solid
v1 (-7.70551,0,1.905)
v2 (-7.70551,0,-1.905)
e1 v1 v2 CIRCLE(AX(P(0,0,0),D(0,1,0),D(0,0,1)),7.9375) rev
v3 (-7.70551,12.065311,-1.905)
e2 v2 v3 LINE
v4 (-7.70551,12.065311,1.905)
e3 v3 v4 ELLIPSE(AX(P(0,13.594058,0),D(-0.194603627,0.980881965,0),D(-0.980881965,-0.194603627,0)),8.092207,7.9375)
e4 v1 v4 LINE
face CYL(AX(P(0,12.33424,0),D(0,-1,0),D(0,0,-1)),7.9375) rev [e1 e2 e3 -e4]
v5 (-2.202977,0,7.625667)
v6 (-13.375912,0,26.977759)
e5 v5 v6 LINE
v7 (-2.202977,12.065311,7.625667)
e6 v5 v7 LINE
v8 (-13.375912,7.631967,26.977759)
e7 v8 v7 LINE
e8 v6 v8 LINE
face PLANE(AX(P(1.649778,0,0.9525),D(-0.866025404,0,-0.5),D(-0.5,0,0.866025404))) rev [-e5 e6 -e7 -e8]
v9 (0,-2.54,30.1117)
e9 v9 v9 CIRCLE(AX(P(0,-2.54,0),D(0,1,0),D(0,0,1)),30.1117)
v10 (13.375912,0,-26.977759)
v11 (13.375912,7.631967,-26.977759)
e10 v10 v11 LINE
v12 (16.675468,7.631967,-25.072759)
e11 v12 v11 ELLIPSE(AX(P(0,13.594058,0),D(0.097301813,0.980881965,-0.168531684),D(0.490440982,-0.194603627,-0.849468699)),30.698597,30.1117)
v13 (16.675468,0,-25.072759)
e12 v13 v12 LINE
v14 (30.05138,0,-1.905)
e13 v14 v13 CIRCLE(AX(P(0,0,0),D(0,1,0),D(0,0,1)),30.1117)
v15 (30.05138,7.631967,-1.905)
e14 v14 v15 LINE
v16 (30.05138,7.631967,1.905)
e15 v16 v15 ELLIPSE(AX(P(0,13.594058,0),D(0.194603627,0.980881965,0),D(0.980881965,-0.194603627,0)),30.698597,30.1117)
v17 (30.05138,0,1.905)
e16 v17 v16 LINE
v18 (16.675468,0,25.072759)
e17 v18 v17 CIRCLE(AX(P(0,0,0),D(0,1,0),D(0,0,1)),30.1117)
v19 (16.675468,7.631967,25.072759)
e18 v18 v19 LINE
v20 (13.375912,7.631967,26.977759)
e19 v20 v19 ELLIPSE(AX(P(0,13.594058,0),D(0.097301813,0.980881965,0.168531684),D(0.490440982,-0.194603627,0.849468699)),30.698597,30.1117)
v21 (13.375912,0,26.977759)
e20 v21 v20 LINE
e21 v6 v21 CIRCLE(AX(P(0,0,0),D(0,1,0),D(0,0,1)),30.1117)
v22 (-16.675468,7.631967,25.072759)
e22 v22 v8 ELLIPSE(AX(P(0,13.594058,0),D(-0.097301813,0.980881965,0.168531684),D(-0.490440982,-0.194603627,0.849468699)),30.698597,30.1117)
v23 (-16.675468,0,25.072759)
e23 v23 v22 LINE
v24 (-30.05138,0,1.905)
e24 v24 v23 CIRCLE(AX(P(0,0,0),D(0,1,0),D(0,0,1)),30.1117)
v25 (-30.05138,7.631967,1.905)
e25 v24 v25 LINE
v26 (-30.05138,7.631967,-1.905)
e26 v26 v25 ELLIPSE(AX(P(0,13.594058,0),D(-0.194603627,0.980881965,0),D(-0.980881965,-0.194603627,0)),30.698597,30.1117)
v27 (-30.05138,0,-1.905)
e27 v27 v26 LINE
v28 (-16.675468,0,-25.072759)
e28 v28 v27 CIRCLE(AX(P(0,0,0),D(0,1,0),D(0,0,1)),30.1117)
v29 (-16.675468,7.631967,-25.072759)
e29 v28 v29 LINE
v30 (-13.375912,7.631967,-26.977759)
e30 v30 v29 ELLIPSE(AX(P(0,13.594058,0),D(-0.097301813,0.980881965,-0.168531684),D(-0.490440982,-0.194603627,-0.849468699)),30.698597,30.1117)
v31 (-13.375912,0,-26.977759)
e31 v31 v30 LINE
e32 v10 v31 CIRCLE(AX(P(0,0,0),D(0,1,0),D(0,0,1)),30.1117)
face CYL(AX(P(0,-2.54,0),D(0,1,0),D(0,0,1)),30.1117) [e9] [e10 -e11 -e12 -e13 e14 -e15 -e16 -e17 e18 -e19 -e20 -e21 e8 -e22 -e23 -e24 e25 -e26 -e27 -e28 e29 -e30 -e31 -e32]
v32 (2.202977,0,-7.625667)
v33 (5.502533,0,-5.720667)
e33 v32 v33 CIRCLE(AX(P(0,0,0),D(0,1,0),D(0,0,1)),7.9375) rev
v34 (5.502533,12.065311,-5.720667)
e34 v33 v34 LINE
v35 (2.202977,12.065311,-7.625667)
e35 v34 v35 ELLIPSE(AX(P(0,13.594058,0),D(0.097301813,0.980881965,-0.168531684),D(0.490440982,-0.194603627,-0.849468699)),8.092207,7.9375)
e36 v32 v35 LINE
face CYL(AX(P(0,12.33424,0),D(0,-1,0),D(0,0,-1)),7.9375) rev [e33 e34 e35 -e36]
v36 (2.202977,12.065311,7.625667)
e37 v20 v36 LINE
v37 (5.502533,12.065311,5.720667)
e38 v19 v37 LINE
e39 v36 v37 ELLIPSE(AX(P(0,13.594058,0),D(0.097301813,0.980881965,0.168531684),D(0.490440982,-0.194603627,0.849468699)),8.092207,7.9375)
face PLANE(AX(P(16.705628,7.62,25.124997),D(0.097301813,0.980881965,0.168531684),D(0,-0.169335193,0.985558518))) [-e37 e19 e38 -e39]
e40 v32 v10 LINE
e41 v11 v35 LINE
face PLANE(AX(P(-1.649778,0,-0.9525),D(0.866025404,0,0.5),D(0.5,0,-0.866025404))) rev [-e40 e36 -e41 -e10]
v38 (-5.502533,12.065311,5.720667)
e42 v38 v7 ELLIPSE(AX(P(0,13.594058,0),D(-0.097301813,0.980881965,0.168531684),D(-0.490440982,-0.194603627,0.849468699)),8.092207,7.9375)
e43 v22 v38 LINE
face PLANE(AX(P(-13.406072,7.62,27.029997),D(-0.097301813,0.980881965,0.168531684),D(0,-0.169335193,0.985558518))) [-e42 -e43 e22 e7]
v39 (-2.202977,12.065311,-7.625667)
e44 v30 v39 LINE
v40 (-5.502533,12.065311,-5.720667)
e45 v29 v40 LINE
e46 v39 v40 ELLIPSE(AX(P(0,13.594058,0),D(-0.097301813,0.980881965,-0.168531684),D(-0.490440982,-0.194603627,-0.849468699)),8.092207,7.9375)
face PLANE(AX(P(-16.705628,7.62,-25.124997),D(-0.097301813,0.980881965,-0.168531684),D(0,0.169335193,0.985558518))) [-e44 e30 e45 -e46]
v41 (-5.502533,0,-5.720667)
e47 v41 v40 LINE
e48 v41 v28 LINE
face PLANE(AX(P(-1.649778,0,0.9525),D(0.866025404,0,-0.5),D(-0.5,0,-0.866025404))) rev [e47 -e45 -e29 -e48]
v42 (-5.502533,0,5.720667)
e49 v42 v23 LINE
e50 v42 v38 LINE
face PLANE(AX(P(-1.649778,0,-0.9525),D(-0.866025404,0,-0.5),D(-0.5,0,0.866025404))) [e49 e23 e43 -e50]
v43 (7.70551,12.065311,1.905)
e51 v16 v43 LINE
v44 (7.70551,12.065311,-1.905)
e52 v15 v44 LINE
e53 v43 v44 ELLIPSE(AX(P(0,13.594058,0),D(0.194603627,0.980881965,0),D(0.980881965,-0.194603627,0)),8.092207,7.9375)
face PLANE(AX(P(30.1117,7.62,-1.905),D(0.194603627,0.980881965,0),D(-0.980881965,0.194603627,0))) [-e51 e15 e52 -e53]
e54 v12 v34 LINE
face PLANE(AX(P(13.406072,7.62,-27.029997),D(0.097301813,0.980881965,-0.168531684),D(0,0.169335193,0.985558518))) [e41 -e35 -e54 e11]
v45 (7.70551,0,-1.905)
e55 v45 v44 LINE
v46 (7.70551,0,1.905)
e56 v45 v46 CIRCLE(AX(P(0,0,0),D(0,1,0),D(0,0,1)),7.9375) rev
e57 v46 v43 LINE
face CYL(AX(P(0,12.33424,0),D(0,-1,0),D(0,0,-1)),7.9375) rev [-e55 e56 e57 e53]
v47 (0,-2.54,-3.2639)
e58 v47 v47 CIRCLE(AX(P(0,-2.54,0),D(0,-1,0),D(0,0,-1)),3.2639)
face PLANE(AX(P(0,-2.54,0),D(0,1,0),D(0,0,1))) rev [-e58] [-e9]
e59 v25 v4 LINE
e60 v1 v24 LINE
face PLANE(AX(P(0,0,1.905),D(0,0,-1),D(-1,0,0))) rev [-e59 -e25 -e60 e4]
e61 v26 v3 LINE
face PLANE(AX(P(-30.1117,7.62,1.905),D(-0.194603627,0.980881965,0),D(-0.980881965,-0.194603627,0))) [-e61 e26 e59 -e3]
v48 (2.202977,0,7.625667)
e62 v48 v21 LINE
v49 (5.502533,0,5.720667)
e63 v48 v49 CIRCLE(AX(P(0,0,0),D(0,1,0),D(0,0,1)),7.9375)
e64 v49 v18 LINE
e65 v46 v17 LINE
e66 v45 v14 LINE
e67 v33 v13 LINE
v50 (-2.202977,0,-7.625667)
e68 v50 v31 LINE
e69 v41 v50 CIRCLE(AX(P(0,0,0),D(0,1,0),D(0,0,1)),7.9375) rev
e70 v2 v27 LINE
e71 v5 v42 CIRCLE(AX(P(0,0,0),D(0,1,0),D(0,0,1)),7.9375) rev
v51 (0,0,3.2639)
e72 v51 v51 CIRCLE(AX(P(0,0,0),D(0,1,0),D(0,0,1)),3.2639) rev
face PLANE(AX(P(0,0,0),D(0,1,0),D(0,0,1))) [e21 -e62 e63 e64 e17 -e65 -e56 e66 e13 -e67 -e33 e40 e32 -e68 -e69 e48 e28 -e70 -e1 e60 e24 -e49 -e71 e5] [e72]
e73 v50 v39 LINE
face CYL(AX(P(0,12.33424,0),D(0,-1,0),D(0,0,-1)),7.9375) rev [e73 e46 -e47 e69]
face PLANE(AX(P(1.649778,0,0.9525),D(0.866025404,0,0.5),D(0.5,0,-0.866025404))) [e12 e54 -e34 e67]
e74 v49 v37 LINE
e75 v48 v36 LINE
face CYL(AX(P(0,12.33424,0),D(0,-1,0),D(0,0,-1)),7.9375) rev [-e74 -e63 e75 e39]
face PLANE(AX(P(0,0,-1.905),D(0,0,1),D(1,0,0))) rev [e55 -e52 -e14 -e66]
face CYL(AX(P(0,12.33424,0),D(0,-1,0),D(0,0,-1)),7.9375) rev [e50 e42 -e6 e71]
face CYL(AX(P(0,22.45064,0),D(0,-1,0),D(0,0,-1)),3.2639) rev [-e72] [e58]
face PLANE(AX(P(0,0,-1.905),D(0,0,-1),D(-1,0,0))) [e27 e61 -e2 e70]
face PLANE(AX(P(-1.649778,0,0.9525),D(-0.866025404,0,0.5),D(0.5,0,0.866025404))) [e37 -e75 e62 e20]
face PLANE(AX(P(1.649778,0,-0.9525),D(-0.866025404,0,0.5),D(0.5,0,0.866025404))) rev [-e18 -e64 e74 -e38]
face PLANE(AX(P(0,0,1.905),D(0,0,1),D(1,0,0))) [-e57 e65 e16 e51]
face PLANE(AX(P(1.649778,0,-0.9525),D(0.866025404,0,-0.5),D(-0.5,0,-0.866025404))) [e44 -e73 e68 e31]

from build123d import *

# Parameters (mm, degrees)
SKETCH5_R           = 30.1117
BOSS_EXTRUDE3_DEPTH = 2.54
BOSS_EXTRUDE4_DEPTH = 1.905
CIRPATTERN2_COUNT   = 6
SKETCH8_R           = 34.925
SKETCH8_R_2         = 30.1117
SKETCH8_R_3         = 7.9375
SKETCH8_R_4         = 3.2639
CUT_EXTRUDE3_DEPTH  = 46.107338309
SKETCH9_R           = 7.9375
SKETCH9_R_2         = 3.2639
BOSS_EXTRUDE5_DEPTH = 2.54


with BuildPart() as part:
    # Sketch5 → Boss-Extrude3 (new body)
    with BuildSketch(Plane(origin=(0, 0, 0), x_dir=(1, 0, 0), z_dir=(0, 1, 0))):
        with Locations(Location((0, 0, 0), (0, 0, 270))):
            Circle(SKETCH5_R)
    extrude(amount=-BOSS_EXTRUDE3_DEPTH)

    # Sketch7 → Boss-Extrude4 (add, symmetric)
    with BuildSketch(Plane.XY):
        Polygon((30.1117, 0), (30.1117, 7.62), (6.35, 12.33424), (6.35, 0), align=None)
    boss_extrude4 = extrude(amount=BOSS_EXTRUDE4_DEPTH, both=True)

    # CirPattern2: Boss-Extrude4 ×6 about axis
    cirpattern2_axis = Axis((0, 0, 0), (0, 1, 0))
    for i in range(1, CIRPATTERN2_COUNT):
        add(boss_extrude4.rotate(cirpattern2_axis, i * 360 / CIRPATTERN2_COUNT))

    # Sketch8 → Cut-Extrude3 (cut, through all)
    # profile 1 of 3: a face of its own
    with BuildSketch(Plane.XZ.offset(2.54)):
        Circle(SKETCH8_R)
        with Locations(Location((0, 0, 0), (0, 0, 90))):
            Circle(SKETCH8_R_2, mode=Mode.SUBTRACT)
    # profile 2 of 3: a face of its own
    with BuildSketch(Plane.XZ.offset(2.54)):
        with Locations(Location((0, 0, 0), (0, 0, 270))):
            Circle(SKETCH8_R_3)
        Circle(SKETCH8_R_4, mode=Mode.SUBTRACT)
    # profile 3 of 3: a face of its own
    with BuildSketch(Plane.XZ.offset(2.54)):
        Circle(SKETCH8_R_4)
    extrude(amount=-CUT_EXTRUDE3_DEPTH, mode=Mode.SUBTRACT)

    # Sketch9 → Boss-Extrude5 (add)
    with BuildSketch(Plane.XZ.offset(2.54)):
        Circle(SKETCH9_R)
        with Locations(Location((0, 0, 0), (0, 0, 270))):
            Circle(SKETCH9_R_2, mode=Mode.SUBTRACT)
    extrude(amount=-BOSS_EXTRUDE5_DEPTH)


solid = part.part
